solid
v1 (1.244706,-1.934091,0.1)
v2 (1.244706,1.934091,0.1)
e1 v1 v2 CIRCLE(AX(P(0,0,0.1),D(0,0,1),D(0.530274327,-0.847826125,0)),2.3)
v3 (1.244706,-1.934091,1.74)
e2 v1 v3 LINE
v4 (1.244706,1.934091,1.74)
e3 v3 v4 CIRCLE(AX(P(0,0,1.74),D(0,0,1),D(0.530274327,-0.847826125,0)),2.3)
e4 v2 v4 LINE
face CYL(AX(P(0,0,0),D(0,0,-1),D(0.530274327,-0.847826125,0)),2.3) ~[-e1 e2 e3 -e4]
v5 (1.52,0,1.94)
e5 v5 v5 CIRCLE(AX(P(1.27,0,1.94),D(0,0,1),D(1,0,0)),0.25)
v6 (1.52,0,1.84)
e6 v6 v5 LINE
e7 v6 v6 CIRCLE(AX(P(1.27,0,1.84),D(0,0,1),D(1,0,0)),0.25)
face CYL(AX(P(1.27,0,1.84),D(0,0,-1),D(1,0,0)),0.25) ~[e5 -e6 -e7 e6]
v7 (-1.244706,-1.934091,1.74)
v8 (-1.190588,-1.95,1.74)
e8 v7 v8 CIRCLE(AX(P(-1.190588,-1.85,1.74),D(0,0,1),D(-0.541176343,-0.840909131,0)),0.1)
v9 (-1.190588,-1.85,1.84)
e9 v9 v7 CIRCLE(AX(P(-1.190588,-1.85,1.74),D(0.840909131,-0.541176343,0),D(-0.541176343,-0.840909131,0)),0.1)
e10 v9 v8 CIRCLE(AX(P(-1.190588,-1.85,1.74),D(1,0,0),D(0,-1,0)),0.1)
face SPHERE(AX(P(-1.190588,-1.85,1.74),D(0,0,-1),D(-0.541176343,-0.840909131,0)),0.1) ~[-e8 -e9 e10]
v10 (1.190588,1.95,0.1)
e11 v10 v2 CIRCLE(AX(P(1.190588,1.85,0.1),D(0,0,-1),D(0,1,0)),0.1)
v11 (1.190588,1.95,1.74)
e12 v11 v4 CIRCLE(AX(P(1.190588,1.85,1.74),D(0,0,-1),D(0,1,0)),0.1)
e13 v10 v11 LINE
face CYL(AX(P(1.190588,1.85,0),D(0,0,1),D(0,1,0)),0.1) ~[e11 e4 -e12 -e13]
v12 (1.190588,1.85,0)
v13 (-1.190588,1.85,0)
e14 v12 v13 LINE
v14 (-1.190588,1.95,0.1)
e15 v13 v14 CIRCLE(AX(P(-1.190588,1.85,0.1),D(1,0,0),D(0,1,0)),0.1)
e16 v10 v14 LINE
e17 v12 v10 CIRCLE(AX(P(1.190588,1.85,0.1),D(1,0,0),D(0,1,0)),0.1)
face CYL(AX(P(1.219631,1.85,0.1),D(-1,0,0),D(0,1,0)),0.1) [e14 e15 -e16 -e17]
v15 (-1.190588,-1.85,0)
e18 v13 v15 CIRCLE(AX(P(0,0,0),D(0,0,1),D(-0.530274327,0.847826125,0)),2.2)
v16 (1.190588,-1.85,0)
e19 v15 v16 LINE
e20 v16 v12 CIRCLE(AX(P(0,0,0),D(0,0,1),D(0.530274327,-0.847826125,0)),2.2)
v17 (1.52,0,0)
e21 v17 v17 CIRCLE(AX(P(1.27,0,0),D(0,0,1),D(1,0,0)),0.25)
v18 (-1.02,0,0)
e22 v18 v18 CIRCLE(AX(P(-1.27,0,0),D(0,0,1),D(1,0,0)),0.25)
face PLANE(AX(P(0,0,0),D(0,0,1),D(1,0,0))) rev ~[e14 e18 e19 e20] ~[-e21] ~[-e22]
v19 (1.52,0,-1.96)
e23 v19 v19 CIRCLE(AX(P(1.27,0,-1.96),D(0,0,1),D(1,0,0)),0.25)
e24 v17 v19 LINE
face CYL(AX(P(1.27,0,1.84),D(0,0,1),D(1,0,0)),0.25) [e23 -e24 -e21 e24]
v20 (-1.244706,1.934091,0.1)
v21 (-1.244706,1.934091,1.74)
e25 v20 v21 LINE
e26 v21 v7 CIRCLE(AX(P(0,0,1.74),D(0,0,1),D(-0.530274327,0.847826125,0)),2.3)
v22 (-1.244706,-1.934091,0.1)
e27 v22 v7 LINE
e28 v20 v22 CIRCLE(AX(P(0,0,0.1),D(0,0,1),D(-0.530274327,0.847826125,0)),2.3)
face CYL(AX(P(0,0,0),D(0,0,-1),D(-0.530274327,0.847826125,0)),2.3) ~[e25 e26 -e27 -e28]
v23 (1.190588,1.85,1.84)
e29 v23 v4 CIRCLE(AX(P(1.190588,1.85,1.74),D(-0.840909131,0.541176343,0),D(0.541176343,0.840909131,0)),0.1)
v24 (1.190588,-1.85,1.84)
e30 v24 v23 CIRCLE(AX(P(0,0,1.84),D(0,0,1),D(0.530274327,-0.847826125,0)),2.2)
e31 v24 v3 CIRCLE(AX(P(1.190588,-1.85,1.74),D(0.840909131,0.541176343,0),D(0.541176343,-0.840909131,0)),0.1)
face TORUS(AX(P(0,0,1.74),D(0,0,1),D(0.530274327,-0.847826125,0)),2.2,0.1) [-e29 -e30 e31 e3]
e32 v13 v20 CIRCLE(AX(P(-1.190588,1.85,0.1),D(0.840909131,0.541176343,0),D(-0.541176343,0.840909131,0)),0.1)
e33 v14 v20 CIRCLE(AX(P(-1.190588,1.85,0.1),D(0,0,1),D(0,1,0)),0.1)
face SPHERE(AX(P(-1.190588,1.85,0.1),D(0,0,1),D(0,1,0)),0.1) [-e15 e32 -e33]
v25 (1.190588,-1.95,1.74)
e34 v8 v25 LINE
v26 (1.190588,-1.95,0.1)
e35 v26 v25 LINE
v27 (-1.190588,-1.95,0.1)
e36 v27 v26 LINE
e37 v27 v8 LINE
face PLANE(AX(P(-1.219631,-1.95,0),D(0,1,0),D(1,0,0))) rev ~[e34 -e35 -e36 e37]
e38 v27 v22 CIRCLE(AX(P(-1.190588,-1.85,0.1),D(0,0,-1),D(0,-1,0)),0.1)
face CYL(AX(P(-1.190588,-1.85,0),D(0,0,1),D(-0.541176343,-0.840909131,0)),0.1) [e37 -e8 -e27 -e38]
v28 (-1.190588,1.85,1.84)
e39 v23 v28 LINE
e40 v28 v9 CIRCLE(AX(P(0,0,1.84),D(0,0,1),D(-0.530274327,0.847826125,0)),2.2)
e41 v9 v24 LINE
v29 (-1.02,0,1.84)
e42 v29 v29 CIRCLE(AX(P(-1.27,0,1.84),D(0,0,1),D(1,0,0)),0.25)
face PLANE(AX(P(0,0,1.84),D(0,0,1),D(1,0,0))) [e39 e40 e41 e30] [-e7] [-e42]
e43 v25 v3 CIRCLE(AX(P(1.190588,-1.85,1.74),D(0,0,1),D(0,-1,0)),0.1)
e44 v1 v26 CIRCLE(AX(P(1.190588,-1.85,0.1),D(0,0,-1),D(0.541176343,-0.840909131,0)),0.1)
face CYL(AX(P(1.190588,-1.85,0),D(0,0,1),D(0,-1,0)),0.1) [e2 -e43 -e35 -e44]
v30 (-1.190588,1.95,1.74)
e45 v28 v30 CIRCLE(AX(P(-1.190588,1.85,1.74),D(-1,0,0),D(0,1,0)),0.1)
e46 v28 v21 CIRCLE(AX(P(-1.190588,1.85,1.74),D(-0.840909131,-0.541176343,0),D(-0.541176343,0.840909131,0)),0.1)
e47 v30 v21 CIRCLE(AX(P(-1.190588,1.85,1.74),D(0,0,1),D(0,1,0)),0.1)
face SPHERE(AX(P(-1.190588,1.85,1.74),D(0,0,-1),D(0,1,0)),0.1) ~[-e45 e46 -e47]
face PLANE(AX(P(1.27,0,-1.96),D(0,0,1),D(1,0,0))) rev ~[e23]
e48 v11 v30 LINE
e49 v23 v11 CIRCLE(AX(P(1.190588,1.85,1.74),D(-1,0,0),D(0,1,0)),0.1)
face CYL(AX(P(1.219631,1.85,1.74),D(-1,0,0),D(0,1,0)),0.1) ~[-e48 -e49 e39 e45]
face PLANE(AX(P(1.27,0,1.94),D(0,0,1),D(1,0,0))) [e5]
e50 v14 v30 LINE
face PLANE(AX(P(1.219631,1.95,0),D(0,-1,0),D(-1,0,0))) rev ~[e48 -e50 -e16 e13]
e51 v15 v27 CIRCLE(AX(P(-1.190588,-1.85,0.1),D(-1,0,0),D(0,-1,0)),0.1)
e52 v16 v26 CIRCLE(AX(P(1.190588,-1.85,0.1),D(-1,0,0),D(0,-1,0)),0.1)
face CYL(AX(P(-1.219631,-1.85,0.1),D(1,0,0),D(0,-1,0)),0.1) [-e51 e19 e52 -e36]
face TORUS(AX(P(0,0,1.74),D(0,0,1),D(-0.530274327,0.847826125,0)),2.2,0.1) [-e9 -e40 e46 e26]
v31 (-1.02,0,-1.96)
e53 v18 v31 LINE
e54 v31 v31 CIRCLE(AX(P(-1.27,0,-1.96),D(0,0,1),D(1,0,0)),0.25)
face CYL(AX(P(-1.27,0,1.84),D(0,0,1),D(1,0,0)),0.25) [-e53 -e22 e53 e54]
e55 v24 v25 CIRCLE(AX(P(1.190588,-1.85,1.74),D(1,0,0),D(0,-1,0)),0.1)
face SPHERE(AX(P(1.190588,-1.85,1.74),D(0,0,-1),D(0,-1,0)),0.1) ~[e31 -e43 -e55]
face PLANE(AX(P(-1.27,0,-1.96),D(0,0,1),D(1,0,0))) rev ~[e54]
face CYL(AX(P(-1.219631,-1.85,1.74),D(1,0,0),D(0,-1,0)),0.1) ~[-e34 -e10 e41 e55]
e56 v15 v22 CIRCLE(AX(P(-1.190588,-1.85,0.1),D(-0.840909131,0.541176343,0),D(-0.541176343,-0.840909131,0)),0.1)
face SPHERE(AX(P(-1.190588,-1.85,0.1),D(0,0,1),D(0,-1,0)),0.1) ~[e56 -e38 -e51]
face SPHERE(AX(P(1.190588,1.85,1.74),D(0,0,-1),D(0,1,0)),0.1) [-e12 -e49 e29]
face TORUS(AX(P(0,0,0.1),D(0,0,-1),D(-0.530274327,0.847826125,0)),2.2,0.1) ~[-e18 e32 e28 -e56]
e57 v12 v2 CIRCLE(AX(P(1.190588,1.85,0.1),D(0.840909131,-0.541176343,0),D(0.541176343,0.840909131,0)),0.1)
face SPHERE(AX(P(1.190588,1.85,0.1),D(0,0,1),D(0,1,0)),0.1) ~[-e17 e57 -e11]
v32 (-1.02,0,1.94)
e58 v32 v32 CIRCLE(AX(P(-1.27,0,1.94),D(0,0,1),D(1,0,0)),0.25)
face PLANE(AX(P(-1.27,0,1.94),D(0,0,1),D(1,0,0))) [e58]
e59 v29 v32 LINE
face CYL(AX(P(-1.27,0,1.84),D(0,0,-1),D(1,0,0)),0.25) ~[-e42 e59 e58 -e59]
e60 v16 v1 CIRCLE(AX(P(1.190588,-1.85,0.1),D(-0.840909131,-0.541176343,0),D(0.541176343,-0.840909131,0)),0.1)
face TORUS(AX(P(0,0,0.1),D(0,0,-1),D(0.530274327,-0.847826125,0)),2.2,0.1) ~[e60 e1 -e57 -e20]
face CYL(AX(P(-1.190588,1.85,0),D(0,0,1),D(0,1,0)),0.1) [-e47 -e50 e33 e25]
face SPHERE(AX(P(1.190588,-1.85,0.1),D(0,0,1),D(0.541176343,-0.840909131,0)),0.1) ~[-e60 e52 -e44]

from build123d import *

# Parameters (mm, degrees)
F1_DEPTH      = 1.84
F2_R          = 0.1
F3_R          = 0.25
F4_DEPTH      = 0.1
F4_DEPTH_BACK = 3.8


with BuildPart() as f1:
    # F0 (on Top) → F1 (new body)
    with BuildSketch(Plane.XY):
        with BuildLine():
            Line((1.219631, 1.95), (-1.219631, 1.95))
            ThreePointArc((-1.219631, 1.95), (-2.3, 0), (-1.219631, -1.95))
            Line((-1.219631, -1.95), (1.219631, -1.95))
            ThreePointArc((1.219631, -1.95), (2.3, 0), (1.219631, 1.95))
        make_face()
    extrude(amount=F1_DEPTH)

    # F2
    f2_edges = [f1.edges().sort_by_distance(p)[0] for p in [
        (0, 1.95, 1.84),
        (-2.3, 0, 1.84),
        (0, -1.95, 1.84),
        (2.3, 0, 1.84),
        (-1.219631, 1.95, 0.92),
        (1.219631, 1.95, 0.92),
        (0, 1.95, 0),
        (-2.3, 0, 0),
        (-1.219631, -1.95, 0.92),
        (1.219631, -1.95, 0.92),
        (2.3, 0, 0),
        (0, -1.95, 0),
    ]]
    fillet(f2_edges, radius=F2_R)

    # F3 (on face) → F4 (join, two sides)
    with BuildSketch(Plane.XY.offset(1.84)) as f4_sk:
        with Locations((-1.27, 0)):
            Circle(F3_R)
        with Locations((1.27, 0)):
            Circle(F3_R)
    extrude(amount=F4_DEPTH)
    extrude(f4_sk.sketch, amount=-F4_DEPTH_BACK)


solid = f1.part
